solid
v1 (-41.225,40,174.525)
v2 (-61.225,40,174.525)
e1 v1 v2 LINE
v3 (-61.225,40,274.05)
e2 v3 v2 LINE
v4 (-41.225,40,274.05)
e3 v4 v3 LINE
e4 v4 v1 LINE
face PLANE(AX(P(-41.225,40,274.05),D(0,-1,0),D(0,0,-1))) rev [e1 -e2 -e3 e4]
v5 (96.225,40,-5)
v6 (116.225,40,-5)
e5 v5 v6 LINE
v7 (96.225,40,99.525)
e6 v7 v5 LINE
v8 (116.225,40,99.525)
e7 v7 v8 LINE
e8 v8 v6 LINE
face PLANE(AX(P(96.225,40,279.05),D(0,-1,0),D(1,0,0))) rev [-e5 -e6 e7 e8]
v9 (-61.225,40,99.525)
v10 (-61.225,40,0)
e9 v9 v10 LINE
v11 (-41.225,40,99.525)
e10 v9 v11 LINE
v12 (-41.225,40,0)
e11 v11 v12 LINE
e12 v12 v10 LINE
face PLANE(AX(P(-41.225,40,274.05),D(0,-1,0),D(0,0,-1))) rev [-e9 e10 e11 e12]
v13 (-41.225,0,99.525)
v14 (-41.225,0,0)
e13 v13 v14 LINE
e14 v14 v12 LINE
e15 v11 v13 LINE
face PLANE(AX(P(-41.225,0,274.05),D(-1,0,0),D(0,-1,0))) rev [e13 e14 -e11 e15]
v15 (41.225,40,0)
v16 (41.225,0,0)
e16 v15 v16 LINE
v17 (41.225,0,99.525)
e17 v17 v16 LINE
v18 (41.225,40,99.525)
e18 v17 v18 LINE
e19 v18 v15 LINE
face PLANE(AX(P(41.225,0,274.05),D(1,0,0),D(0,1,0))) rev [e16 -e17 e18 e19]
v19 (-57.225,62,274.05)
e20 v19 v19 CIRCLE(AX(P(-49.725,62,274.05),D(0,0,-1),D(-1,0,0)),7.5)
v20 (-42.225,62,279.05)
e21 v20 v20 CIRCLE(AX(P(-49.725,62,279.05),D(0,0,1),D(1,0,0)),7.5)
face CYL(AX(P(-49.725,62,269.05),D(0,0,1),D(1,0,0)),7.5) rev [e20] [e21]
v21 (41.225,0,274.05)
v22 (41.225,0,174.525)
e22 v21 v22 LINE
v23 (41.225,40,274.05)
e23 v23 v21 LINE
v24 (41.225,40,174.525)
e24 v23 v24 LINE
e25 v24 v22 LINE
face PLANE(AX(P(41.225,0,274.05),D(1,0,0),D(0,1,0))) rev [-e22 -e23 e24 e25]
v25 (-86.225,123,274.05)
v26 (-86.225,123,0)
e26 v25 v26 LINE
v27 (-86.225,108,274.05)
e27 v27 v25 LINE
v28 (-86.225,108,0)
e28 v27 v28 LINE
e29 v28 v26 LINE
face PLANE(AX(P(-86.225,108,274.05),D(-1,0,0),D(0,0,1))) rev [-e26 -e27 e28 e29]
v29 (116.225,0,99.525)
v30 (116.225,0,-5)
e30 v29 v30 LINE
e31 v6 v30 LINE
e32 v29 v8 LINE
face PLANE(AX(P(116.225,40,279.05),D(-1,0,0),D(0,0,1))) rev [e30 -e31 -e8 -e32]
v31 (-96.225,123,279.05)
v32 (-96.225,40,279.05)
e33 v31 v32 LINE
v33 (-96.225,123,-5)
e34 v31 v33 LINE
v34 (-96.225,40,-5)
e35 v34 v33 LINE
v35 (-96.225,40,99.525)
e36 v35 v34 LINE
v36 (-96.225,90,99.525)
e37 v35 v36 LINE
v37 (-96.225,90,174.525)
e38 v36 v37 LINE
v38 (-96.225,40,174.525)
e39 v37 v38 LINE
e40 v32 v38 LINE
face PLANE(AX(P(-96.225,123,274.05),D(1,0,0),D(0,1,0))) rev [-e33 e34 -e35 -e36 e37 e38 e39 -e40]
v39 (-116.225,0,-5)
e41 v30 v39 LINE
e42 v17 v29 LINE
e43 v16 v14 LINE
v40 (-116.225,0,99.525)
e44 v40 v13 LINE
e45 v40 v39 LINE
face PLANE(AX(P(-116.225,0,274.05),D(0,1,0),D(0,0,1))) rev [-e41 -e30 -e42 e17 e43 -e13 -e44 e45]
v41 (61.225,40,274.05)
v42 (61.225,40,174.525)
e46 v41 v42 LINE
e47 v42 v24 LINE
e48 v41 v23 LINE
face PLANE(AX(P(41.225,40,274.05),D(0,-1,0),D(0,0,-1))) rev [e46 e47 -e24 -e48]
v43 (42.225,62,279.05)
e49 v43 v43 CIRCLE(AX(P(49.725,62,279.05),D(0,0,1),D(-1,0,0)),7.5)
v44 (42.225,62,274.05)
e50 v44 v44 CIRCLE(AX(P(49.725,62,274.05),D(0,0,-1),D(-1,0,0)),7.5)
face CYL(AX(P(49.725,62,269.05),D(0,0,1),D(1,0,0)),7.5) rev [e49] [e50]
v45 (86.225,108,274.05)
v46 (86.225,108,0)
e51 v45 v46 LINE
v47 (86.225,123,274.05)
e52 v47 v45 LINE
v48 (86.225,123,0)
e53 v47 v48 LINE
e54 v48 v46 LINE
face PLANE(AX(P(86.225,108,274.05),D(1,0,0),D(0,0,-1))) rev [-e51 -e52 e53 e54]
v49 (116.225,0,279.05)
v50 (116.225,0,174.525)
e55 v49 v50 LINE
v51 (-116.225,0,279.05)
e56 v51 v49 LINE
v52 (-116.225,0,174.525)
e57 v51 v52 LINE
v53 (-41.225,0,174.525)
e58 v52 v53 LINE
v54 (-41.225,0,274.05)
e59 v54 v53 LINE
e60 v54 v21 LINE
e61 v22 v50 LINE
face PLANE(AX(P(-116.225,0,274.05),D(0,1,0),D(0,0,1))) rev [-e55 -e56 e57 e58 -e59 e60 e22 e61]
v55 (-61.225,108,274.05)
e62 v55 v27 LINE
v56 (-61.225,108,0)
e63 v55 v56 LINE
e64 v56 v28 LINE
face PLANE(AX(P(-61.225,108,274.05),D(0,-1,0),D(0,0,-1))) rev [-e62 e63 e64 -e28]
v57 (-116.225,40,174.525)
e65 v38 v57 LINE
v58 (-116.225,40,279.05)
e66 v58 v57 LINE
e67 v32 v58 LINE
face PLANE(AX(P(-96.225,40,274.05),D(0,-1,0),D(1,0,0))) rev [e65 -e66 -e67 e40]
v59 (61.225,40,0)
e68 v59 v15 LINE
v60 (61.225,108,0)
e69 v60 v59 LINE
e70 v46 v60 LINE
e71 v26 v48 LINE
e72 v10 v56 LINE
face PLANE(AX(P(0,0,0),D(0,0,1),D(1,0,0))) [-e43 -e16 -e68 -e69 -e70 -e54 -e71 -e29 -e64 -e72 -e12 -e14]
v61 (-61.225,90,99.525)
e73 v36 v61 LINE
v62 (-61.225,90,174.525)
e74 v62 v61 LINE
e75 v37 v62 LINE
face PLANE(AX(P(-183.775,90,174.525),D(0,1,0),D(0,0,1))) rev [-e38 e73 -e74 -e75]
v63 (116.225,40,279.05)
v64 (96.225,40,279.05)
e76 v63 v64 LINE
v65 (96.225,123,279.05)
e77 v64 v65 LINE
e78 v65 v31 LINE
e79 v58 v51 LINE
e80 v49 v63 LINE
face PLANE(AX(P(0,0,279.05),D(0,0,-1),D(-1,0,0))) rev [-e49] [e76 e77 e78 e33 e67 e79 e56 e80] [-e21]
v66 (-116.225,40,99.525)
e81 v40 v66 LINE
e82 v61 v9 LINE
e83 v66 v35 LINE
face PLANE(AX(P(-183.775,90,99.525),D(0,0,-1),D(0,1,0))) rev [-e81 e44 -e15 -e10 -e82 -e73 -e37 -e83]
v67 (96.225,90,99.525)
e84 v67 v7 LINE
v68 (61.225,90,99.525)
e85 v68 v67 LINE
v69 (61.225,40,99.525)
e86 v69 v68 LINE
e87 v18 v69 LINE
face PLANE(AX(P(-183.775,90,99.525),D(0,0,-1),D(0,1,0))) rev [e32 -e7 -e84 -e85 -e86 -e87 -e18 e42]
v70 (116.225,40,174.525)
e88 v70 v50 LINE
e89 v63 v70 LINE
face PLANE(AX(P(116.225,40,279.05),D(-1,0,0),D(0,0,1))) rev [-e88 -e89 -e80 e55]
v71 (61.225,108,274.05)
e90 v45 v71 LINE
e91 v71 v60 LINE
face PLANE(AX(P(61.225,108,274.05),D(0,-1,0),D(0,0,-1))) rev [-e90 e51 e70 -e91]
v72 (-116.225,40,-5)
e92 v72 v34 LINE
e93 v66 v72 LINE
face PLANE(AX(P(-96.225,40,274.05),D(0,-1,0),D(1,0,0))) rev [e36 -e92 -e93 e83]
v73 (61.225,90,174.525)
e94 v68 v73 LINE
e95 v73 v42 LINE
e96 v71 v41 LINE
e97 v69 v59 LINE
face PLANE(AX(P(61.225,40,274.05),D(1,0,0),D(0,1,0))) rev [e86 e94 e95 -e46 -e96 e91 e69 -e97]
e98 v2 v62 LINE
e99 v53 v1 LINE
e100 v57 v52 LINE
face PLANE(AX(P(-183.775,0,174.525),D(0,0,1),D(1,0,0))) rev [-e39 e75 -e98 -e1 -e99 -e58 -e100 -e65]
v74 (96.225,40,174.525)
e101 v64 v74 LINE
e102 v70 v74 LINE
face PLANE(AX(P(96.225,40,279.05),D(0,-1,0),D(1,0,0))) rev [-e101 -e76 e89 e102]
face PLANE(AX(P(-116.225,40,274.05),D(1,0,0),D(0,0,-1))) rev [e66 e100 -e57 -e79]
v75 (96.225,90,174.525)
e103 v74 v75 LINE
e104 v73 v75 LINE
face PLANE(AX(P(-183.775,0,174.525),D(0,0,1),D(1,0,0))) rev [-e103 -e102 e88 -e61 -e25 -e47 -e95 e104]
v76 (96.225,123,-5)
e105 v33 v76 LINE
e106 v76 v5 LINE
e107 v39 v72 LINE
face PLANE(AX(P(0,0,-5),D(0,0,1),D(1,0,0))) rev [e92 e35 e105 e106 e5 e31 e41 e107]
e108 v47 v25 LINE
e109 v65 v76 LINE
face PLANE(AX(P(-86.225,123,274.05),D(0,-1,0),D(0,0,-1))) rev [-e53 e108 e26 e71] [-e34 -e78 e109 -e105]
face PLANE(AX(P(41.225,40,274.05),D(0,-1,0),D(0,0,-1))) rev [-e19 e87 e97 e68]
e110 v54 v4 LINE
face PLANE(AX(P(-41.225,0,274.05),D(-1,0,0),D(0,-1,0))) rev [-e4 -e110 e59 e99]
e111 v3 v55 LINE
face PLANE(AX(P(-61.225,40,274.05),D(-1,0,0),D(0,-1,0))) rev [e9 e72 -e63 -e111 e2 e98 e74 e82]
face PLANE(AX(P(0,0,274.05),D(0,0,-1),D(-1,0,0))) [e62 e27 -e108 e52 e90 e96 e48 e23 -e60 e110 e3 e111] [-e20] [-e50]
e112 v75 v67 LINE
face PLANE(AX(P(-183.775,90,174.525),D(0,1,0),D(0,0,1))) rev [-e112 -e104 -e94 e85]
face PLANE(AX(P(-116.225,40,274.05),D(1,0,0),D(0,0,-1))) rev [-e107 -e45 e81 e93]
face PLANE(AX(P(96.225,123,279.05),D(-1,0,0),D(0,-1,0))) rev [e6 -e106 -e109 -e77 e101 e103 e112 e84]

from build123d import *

# Parameters (mm, degrees)
BOSS_EXTRUDE1_DEPTH   = 274.05
BOSS_EXTRUDE1_2_DEPTH = 274.05
BOSS_EXTRUDE2_DEPTH   = 5
BOSS_EXTRUDE3_DEPTH   = 5
SKETCH4_W             = 75
SKETCH4_H             = 90
CUT_EXTRUDE4_DEPTH    = 300
SKETCH5_R             = 7.5
CUT_EXTRUDE5_DEPTH    = 10


with BuildPart() as part:
    # Sketch1 → Boss-Extrude1 (new body)
    with BuildSketch(Plane.XY):
        Polygon((-41.225, 0), (-41.225, 40), (-61.225, 40), (-61.225, 108), (-86.225, 108), (-86.225, 123), (-96.225, 123), (-96.225, 40), (-116.225, 40), (-116.225, 0), align=None)
    extrude(amount=BOSS_EXTRUDE1_DEPTH)



with BuildPart() as body_2:
    # Sketch1 → Boss-Extrude1 2 (new body)
    with BuildSketch(Plane.XY):
        Polygon((116.225, 0), (41.225, 0), (41.225, 40), (61.225, 40), (61.225, 108), (86.225, 108), (86.225, 123), (96.225, 123), (96.225, 40), (116.225, 40), align=None)
    extrude(amount=BOSS_EXTRUDE1_2_DEPTH)


with BuildPart() as part_1:
    add(part.part)

    add(body_2.part)  # Boss-Extrude2 merges body 2
    # Sketch2 → Boss-Extrude2 (add)
    with BuildSketch(Plane.XY.offset(274.05)):
        Polygon((-96.225, 123), (96.225, 123), (96.225, 40), (116.225, 40), (116.225, 0), (-116.225, 0), (-116.225, 40), (-96.225, 40), align=None)
    extrude(amount=BOSS_EXTRUDE2_DEPTH)

    # Sketch3 → Boss-Extrude3 (add)
    with BuildSketch(Plane(origin=(0, 0, 0), x_dir=(-1, 0, 0), z_dir=(0, 0, -1))):
        Polygon((-96.225, 123), (96.225, 123), (96.225, 40), (116.225, 40), (116.225, 0), (-116.225, 0), (-116.225, 40), (-96.225, 40), align=None)
    extrude(amount=BOSS_EXTRUDE3_DEPTH)

    # Sketch4 → Cut-Extrude4 (cut)
    with BuildSketch(Plane(origin=(116.225, 0, 0), x_dir=(0, 0, -1), z_dir=(1, 0, 0))):
        with Locations((-137.025, 45)):
            Rectangle(SKETCH4_W, SKETCH4_H)
    extrude(amount=-CUT_EXTRUDE4_DEPTH, mode=Mode.SUBTRACT)

    # Sketch5 → Cut-Extrude5 (cut)
    with BuildSketch(Plane.XY.offset(279.05)):
        with Locations((-49.725, 62)):
            Circle(SKETCH5_R)
        with Locations(Location((49.725, 62, 0), (0, 0, 180))):
            Circle(SKETCH5_R)
    extrude(amount=-CUT_EXTRUDE5_DEPTH, mode=Mode.SUBTRACT)


solid = part_1.part
